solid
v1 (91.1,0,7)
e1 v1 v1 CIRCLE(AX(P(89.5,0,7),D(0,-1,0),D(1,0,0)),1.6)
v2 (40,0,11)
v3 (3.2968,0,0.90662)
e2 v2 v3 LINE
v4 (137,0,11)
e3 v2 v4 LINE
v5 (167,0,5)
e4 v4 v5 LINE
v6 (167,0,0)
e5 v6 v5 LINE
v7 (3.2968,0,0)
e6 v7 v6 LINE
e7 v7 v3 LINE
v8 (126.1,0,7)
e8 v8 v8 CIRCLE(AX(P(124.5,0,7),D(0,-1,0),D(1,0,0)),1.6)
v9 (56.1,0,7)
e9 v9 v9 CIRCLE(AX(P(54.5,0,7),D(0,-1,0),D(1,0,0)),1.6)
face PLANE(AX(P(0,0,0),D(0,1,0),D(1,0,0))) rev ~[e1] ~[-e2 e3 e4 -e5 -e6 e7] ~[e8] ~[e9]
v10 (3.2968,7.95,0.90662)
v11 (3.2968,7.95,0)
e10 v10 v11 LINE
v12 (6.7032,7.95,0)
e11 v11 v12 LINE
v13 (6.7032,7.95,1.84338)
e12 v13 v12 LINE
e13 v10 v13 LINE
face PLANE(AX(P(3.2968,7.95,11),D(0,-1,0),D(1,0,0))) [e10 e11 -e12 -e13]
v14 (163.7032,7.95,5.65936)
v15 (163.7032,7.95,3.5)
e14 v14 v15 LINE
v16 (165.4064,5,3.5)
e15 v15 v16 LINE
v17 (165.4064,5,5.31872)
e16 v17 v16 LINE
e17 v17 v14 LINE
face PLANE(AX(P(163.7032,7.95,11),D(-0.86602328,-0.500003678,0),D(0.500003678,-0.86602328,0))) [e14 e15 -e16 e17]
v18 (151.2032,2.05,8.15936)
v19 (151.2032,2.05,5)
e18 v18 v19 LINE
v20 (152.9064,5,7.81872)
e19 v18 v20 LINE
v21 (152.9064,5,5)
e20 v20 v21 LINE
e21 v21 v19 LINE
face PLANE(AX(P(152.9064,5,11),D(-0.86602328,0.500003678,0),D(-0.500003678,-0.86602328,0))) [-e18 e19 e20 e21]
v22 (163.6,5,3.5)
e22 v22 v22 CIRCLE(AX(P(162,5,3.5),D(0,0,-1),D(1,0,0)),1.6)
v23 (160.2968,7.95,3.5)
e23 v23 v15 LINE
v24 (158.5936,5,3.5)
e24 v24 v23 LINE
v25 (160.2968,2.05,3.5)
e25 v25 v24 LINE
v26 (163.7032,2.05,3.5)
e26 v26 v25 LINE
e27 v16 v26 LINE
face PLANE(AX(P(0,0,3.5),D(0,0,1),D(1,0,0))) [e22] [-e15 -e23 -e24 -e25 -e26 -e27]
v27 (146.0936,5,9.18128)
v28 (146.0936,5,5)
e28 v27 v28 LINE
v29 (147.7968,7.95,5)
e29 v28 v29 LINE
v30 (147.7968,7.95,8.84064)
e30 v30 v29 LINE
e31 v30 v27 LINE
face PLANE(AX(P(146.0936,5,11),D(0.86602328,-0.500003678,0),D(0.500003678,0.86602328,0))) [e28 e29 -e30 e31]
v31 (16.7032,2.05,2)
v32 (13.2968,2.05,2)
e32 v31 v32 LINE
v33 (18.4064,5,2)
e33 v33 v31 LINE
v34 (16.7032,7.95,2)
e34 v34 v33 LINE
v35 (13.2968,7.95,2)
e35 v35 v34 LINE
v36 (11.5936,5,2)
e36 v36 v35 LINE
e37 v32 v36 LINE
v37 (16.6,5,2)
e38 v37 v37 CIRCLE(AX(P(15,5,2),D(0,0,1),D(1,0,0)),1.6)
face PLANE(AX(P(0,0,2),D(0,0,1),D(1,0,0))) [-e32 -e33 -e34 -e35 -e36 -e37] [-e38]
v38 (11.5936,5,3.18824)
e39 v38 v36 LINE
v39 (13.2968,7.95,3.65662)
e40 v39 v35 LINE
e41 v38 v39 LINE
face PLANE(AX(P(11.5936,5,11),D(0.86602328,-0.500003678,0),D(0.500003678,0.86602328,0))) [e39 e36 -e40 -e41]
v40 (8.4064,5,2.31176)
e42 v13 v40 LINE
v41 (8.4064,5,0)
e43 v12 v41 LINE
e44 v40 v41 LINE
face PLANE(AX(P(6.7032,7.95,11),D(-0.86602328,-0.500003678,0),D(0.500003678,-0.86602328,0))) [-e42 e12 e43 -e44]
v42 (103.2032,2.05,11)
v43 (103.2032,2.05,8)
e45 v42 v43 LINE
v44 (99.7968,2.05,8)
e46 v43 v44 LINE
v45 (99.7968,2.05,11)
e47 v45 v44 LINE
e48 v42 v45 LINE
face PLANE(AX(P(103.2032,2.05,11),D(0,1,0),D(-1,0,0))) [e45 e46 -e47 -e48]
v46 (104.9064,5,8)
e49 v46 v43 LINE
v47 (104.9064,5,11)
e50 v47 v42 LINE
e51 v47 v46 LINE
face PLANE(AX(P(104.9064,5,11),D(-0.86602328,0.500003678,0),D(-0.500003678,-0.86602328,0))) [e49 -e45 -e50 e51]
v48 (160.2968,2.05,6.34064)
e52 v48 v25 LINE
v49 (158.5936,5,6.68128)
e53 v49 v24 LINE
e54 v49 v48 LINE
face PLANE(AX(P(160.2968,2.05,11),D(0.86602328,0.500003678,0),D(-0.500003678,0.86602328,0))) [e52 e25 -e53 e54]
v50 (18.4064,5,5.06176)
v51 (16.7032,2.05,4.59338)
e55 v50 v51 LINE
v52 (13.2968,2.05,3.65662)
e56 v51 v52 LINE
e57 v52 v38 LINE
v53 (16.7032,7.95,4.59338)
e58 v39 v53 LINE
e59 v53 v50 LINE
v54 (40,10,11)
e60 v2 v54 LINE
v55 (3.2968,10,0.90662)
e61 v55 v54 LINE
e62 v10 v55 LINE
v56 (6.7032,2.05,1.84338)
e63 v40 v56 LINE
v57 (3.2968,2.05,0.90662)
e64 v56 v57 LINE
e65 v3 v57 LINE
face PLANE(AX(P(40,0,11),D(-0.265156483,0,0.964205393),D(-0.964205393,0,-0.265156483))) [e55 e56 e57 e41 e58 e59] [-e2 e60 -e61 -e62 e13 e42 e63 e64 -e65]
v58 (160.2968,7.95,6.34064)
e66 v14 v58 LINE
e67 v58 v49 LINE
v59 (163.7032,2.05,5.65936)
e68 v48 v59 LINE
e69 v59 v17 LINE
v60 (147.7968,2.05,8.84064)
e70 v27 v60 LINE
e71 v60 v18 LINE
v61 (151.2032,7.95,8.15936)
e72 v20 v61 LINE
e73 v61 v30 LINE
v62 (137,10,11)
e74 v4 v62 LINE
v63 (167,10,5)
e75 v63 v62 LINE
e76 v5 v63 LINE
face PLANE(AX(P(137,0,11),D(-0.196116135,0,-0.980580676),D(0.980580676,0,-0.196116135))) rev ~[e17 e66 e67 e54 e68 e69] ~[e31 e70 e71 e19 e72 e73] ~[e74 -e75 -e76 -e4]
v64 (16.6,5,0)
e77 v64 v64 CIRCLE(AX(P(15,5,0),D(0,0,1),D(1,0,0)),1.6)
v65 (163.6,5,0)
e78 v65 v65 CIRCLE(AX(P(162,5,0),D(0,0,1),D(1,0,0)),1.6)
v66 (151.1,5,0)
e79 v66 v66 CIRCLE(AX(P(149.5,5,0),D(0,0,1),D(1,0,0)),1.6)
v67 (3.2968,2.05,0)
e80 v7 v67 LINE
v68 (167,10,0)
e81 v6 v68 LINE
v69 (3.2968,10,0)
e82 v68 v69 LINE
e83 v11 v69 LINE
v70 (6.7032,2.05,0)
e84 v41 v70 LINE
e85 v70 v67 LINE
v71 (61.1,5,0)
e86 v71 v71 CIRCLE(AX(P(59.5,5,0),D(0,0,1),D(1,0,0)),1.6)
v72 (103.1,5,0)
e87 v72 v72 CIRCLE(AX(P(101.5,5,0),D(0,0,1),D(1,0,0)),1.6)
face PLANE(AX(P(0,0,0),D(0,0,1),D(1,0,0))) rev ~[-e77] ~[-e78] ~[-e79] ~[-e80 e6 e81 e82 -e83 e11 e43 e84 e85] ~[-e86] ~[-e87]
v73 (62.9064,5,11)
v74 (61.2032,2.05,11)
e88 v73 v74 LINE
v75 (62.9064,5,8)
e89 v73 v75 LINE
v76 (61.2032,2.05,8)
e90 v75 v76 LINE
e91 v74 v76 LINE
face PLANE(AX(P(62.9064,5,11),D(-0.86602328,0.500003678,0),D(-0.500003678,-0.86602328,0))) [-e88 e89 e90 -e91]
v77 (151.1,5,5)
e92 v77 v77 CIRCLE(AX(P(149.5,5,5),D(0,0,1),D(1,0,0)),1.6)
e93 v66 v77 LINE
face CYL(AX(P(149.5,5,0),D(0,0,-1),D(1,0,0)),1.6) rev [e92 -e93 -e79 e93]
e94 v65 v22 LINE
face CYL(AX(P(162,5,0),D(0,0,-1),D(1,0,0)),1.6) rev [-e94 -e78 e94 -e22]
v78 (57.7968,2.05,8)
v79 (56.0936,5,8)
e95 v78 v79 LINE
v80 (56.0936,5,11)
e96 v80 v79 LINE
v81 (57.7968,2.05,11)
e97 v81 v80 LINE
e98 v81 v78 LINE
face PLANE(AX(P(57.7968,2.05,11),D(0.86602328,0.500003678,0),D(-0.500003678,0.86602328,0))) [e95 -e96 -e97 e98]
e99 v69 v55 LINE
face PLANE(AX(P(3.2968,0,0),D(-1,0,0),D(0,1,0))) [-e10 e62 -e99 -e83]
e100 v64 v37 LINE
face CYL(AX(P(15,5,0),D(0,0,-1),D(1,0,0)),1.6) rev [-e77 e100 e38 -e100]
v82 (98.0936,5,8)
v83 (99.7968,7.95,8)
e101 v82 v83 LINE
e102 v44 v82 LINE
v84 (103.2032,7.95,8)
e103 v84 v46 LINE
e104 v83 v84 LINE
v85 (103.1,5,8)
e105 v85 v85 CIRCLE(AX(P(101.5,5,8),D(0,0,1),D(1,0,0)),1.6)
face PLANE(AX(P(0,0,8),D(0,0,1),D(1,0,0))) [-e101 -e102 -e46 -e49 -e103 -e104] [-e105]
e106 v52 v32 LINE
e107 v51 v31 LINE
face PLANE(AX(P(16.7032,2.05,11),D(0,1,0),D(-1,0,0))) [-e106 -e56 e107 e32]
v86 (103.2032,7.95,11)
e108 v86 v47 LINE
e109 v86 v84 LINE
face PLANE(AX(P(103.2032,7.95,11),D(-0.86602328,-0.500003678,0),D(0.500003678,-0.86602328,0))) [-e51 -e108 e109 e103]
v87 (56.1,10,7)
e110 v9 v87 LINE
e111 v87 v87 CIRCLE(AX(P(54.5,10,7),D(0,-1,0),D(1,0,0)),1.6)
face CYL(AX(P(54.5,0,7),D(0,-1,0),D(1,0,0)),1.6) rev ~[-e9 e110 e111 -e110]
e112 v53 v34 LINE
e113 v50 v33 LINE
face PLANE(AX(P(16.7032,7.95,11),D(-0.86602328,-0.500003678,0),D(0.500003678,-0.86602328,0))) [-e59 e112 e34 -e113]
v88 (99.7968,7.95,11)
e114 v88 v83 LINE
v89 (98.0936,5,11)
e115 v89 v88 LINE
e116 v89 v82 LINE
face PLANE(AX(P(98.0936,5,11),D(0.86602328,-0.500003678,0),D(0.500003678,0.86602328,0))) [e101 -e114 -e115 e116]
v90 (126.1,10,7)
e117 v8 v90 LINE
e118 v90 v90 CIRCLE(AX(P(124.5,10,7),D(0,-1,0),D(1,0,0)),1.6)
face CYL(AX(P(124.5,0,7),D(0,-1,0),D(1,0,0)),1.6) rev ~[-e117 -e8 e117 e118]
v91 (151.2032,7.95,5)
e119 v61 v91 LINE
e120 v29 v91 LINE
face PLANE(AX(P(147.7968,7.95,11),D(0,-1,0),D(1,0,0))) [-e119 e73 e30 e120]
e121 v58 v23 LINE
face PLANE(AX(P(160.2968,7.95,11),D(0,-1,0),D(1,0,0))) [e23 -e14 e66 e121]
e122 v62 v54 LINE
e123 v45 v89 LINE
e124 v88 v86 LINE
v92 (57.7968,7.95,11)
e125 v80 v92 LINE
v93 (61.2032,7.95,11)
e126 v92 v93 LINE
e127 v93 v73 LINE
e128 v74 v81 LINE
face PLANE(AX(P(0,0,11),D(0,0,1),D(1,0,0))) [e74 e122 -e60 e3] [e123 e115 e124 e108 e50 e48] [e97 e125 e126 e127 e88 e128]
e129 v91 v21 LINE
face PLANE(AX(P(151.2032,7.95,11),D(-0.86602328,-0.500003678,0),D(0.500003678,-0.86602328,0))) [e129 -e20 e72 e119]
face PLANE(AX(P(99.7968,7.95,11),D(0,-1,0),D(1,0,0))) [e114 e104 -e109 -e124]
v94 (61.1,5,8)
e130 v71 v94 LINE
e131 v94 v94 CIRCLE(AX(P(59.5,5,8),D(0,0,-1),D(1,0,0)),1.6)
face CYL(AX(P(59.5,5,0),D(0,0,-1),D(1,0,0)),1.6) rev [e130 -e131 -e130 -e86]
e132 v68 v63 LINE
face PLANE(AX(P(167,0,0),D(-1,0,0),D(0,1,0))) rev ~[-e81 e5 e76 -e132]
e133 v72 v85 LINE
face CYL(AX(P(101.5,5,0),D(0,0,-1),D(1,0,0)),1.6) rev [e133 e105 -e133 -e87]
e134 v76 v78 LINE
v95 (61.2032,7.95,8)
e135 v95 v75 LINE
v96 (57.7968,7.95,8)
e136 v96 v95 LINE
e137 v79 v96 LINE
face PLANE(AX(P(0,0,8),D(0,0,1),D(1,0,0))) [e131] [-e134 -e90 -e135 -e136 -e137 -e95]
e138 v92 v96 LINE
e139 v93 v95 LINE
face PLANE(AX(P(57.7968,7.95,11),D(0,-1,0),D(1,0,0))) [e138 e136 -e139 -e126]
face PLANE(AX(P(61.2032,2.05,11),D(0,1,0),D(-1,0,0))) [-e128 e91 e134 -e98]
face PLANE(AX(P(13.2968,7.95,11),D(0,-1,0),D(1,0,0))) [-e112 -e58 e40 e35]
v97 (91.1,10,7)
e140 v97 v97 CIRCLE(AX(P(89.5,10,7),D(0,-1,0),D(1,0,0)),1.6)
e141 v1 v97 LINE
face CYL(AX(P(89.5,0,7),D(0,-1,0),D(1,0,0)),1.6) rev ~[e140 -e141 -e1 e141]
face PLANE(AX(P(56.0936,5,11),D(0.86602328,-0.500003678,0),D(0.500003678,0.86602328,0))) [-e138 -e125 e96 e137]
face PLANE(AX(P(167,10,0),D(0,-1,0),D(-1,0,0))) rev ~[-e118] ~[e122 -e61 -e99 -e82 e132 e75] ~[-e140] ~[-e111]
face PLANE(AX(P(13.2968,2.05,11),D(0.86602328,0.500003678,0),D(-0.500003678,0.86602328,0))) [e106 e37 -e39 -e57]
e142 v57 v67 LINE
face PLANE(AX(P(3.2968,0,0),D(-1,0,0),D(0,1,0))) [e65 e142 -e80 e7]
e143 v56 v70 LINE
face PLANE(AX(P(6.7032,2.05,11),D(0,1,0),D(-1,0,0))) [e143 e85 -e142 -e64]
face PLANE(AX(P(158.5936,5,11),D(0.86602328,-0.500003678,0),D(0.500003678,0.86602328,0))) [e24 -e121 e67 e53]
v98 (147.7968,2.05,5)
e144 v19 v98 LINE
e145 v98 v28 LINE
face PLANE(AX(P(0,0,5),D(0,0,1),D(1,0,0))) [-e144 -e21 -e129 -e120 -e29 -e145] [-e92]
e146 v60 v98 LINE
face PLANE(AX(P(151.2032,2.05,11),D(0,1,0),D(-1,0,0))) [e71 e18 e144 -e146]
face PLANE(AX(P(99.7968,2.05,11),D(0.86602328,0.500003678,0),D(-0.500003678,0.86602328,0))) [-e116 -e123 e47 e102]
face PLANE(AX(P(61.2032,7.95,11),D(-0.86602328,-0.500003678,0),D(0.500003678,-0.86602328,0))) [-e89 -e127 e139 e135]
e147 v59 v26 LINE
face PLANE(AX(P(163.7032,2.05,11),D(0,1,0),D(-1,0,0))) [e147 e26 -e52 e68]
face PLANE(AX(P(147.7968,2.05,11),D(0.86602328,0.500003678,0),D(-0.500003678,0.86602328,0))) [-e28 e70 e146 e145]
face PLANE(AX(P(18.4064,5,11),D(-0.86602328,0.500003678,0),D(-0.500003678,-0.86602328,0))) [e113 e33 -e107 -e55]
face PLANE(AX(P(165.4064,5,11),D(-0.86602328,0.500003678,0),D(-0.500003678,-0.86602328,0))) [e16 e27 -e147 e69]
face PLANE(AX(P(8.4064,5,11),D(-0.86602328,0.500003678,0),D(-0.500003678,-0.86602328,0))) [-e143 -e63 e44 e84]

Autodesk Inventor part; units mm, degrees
ref_plane "YZ Plane" through (0, 0, 0) normal (1, 0, 0) x (0, 1, 0)
ref_plane "XZ Plane" through (0, 0, 0) normal (0, 1, 0) x (-1, 0, 0)
ref_plane "XY Plane" through (0, 0, 0) normal (0, 0, 1) x (1, 0, 0)
sketch "Sketch1" plane through (0, 0, 0) normal (0, 0, 1) x (1, 0, 0)
  line L0 (0, 0) -> (167, 0)
  line L1 (167, 0) -> (167, 10)
  line L2 (167, 10) -> (0, 10)
  line L3 (0, 10) -> (0, 0)
  circle A0 centre (59.5, 5) radius 1.6
  circle A1 centre (101.5, 5) radius 1.6
  circle A2 centre (162, 5) radius 1.6
  circle A3 centre (149.5, 5) radius 1.6
  circle A4 centre (15, 5) radius 1.6
  circle A5 centre (5, 5) radius 1.6
  dimension "d1" = 10
  dimension "d2" = 90
  dimension "d4" = 3.2
  dimension "d6" = 3.2
  dimension "d7" = 3.2
  dimension "d8" = 42
  dimension "d9" = 60.5
  dimension "d26" = 3.2
  dimension "d27" = 48
  dimension "d28" = 3.2
  dimension "d29" = 44.5
  dimension "d32" = 15
  dimension "d33" = 5
  dimension "d61" = 3.2
  dimension "d62" = 10
  dimension "d63" = 12.5
ref_plane "Work Plane2" through (0, 0, 0) normal (0, -1, 0) x (1, 0, 0)
sketch "Sketch2" plane through (0, 0, 0) normal (0, -1, 0) x (1, 0, 0)
  circle A0 centre (54.5, 7) radius 1.6
  circle A1 centre (124.5, 7) radius 1.6
  circle A2 centre (89.5, 7) radius 1.6
  point P0 (0, 0)
  dimension "d13" = 3.2
  dimension "d15" = 3.2
  dimension "d16" = 70
  dimension "d17" = 3.2
  dimension "d18" = 35
  dimension "d64" = 54.5
  dimension "d65" = 35
ref_plane "Work Plane1" through (0, 0, 11) normal (0, 0, 1) x (1, 0, 0)
extrude "klocek" add sketch "Sketch1" along normal blind 11
ref_plane "Work Plane3" through (0, 0, 0) normal (0, -1, 0) x (1, 0, 0)
extrude "prowadzenie osi" cut sketch "Sketch2" against normal up to next
ref_plane "Work Plane4" through (0, 0, 0) normal (0, -1, 0) x (1, 0, 0)
sketch "Sketch7" plane through (0, 0, 0) normal (0, -1, 0) x (1, 0, 0)
  line L0 (0, 11) -> (0, 0)
  line L1 (0, 11) -> (167, 11) projected
  line L2 (0, 11) -> (40, 11)
  line L3 (40, 11) -> (0, 0)
  point P0 (0, -1.8333)
  dimension "d86" = 11
  dimension "d87" = 40
sketch "Sketch8" plane through (0, 0, 0) normal (0, -1, 0) x (1, 0, 0)
  line L0 (167, 0) -> (167, 11) projected
  line L1 (167, 11) -> (167, 5)
  line L2 (167, 11) -> (0, 11) projected
  line L3 (167, 11) -> (137, 11)
  line L4 (137, 11) -> (167, 5)
  point P0 (0, 0)
  point P1 (40.8333, 11)
  dimension "d80" = 6
  dimension "d81" = 30
extrude "przedni skos" cut sketch "Sketch7" against normal up to next
extrude "tylni skos" cut sketch "Sketch8" against normal up to next
ref_plane "Work Plane7" through (0, 0, 11) normal (0, 0, 1) x (1, 0, 0)
sketch "Sketch5" plane through (0, 0, 11) normal (0, 0, 1) x (1, 0, 0)
  line L0 (62.9064, 5) -> (61.2032, 2.05)
  line L1 (61.2032, 2.05) -> (57.7968, 2.05)
  line L2 (57.7968, 2.05) -> (56.0936, 5)
  line L3 (56.0936, 5) -> (57.7968, 7.95)
  line L4 (57.7968, 7.95) -> (61.2032, 7.95)
  line L5 (61.2032, 7.95) -> (62.9064, 5)
  circle A0 centre (101.5, 5) radius 1.6 projected
  line L6 (98.0936, 5) -> (99.7968, 7.95)
  line L7 (99.7968, 7.95) -> (103.2032, 7.95)
  line L8 (103.2032, 7.95) -> (104.9064, 5)
  line L9 (104.9064, 5) -> (103.2032, 2.05)
  line L10 (103.2032, 2.05) -> (99.7968, 2.05)
  line L11 (99.7968, 2.05) -> (98.0936, 5)
  point P0 (59.5, 5)
  point P1 (119.5, 5)
  dimension "d45" = 5.9
  dimension "d98" = 5.9
extrude "hex insert middle" cut sketch "Sketch5" against normal blind 3
ref_plane "Work Plane6" through (0, 0, 11) normal (0, 0, 1) x (1, 0, 0)
sketch "Sketch9" plane through (0, 0, 11) normal (0, 0, 1) x (1, 0, 0)
  circle A0 centre (149.5, 5) radius 1.6 projected
  line L0 (152.9064, 5) -> (151.2032, 2.05)
  line L1 (151.2032, 2.05) -> (147.7968, 2.05)
  line L2 (147.7968, 2.05) -> (146.0936, 5)
  line L3 (146.0936, 5) -> (147.7968, 7.95)
  line L4 (147.7968, 7.95) -> (151.2032, 7.95)
  line L5 (151.2032, 7.95) -> (152.9064, 5)
  point P0 (0, 0)
  point P1 (153, 5)
  dimension "d99" = 5.9
extrude "hex insert rear 1" cut sketch "Sketch9" against normal blind 6
ref_plane "Work Plane5" through (0, 0, 11) normal (0, 0, 1) x (1, 0, 0)
sketch "Sketch10" plane through (0, 0, 11) normal (0, 0, 1) x (1, 0, 0)
  line L0 (160.2968, 7.95) -> (163.7032, 7.95)
  line L1 (163.7032, 7.95) -> (165.4064, 5)
  line L2 (165.4064, 5) -> (163.7032, 2.05)
  line L3 (163.7032, 2.05) -> (160.2968, 2.05)
  line L4 (160.2968, 2.05) -> (158.5936, 5)
  line L5 (158.5936, 5) -> (160.2968, 7.95)
  point P0 (0, 0)
  point P1 (162, 5)
  point P2 (162, 5)
  dimension "d72" = 5.9
extrude "hex insert rear 2" cut sketch "Sketch10" against normal blind 7.5
sketch "Sketch13" plane through (0, 0, 11) normal (0, 0, 1) x (1, 0, 0)
  circle A0 centre (5, 5) radius 1.6 projected
  line L0 (8.4064, 5) -> (6.7032, 2.05)
  line L1 (6.7032, 2.05) -> (3.2968, 2.05)
  line L2 (3.2968, 2.05) -> (1.5936, 5)
  line L3 (1.5936, 5) -> (3.2968, 7.95)
  line L4 (3.2968, 7.95) -> (6.7032, 7.95)
  line L5 (6.7032, 7.95) -> (8.4064, 5)
  point P0 (0, 0)
  dimension "d90" = 5.9
extrude "hex insert front 1" cut sketch "Sketch13" against normal through all
sketch "Sketch16" plane through (0, 0, 11) normal (0, 0, 1) x (1, 0, 0)
  circle A0 centre (15, 5) radius 1.6 projected
  line L0 (18.4064, 5) -> (16.7032, 2.05)
  line L1 (16.7032, 2.05) -> (13.2968, 2.05)
  line L2 (13.2968, 2.05) -> (11.5936, 5)
  line L3 (11.5936, 5) -> (13.2968, 7.95)
  line L4 (13.2968, 7.95) -> (16.7032, 7.95)
  line L5 (16.7032, 7.95) -> (18.4064, 5)
  point P0 (0, 0)
  dimension "d93" = 5.9
extrude "hex insert front 2" cut sketch "Sketch16" against normal blind 9
sketch "Sketch17" plane through (0, 0, 0) normal (0, 0, -1) x (-1, 0, 0)
  line L0 (0, 10) -> (0, 0) projected
  line L1 (0, 0) -> (-3.2968, 0)
  line L2 (-3.2968, 0) -> (-3.2968, 10.0042)
  line L3 (-3.2968, 10.0042) -> (0, 10.0042)
  line L4 (0, 10.0042) -> (0, 0)
extrude "Extrusion20" cut sketch "Sketch17" against normal up to next
properties part number "wheel_support_extra_short"
